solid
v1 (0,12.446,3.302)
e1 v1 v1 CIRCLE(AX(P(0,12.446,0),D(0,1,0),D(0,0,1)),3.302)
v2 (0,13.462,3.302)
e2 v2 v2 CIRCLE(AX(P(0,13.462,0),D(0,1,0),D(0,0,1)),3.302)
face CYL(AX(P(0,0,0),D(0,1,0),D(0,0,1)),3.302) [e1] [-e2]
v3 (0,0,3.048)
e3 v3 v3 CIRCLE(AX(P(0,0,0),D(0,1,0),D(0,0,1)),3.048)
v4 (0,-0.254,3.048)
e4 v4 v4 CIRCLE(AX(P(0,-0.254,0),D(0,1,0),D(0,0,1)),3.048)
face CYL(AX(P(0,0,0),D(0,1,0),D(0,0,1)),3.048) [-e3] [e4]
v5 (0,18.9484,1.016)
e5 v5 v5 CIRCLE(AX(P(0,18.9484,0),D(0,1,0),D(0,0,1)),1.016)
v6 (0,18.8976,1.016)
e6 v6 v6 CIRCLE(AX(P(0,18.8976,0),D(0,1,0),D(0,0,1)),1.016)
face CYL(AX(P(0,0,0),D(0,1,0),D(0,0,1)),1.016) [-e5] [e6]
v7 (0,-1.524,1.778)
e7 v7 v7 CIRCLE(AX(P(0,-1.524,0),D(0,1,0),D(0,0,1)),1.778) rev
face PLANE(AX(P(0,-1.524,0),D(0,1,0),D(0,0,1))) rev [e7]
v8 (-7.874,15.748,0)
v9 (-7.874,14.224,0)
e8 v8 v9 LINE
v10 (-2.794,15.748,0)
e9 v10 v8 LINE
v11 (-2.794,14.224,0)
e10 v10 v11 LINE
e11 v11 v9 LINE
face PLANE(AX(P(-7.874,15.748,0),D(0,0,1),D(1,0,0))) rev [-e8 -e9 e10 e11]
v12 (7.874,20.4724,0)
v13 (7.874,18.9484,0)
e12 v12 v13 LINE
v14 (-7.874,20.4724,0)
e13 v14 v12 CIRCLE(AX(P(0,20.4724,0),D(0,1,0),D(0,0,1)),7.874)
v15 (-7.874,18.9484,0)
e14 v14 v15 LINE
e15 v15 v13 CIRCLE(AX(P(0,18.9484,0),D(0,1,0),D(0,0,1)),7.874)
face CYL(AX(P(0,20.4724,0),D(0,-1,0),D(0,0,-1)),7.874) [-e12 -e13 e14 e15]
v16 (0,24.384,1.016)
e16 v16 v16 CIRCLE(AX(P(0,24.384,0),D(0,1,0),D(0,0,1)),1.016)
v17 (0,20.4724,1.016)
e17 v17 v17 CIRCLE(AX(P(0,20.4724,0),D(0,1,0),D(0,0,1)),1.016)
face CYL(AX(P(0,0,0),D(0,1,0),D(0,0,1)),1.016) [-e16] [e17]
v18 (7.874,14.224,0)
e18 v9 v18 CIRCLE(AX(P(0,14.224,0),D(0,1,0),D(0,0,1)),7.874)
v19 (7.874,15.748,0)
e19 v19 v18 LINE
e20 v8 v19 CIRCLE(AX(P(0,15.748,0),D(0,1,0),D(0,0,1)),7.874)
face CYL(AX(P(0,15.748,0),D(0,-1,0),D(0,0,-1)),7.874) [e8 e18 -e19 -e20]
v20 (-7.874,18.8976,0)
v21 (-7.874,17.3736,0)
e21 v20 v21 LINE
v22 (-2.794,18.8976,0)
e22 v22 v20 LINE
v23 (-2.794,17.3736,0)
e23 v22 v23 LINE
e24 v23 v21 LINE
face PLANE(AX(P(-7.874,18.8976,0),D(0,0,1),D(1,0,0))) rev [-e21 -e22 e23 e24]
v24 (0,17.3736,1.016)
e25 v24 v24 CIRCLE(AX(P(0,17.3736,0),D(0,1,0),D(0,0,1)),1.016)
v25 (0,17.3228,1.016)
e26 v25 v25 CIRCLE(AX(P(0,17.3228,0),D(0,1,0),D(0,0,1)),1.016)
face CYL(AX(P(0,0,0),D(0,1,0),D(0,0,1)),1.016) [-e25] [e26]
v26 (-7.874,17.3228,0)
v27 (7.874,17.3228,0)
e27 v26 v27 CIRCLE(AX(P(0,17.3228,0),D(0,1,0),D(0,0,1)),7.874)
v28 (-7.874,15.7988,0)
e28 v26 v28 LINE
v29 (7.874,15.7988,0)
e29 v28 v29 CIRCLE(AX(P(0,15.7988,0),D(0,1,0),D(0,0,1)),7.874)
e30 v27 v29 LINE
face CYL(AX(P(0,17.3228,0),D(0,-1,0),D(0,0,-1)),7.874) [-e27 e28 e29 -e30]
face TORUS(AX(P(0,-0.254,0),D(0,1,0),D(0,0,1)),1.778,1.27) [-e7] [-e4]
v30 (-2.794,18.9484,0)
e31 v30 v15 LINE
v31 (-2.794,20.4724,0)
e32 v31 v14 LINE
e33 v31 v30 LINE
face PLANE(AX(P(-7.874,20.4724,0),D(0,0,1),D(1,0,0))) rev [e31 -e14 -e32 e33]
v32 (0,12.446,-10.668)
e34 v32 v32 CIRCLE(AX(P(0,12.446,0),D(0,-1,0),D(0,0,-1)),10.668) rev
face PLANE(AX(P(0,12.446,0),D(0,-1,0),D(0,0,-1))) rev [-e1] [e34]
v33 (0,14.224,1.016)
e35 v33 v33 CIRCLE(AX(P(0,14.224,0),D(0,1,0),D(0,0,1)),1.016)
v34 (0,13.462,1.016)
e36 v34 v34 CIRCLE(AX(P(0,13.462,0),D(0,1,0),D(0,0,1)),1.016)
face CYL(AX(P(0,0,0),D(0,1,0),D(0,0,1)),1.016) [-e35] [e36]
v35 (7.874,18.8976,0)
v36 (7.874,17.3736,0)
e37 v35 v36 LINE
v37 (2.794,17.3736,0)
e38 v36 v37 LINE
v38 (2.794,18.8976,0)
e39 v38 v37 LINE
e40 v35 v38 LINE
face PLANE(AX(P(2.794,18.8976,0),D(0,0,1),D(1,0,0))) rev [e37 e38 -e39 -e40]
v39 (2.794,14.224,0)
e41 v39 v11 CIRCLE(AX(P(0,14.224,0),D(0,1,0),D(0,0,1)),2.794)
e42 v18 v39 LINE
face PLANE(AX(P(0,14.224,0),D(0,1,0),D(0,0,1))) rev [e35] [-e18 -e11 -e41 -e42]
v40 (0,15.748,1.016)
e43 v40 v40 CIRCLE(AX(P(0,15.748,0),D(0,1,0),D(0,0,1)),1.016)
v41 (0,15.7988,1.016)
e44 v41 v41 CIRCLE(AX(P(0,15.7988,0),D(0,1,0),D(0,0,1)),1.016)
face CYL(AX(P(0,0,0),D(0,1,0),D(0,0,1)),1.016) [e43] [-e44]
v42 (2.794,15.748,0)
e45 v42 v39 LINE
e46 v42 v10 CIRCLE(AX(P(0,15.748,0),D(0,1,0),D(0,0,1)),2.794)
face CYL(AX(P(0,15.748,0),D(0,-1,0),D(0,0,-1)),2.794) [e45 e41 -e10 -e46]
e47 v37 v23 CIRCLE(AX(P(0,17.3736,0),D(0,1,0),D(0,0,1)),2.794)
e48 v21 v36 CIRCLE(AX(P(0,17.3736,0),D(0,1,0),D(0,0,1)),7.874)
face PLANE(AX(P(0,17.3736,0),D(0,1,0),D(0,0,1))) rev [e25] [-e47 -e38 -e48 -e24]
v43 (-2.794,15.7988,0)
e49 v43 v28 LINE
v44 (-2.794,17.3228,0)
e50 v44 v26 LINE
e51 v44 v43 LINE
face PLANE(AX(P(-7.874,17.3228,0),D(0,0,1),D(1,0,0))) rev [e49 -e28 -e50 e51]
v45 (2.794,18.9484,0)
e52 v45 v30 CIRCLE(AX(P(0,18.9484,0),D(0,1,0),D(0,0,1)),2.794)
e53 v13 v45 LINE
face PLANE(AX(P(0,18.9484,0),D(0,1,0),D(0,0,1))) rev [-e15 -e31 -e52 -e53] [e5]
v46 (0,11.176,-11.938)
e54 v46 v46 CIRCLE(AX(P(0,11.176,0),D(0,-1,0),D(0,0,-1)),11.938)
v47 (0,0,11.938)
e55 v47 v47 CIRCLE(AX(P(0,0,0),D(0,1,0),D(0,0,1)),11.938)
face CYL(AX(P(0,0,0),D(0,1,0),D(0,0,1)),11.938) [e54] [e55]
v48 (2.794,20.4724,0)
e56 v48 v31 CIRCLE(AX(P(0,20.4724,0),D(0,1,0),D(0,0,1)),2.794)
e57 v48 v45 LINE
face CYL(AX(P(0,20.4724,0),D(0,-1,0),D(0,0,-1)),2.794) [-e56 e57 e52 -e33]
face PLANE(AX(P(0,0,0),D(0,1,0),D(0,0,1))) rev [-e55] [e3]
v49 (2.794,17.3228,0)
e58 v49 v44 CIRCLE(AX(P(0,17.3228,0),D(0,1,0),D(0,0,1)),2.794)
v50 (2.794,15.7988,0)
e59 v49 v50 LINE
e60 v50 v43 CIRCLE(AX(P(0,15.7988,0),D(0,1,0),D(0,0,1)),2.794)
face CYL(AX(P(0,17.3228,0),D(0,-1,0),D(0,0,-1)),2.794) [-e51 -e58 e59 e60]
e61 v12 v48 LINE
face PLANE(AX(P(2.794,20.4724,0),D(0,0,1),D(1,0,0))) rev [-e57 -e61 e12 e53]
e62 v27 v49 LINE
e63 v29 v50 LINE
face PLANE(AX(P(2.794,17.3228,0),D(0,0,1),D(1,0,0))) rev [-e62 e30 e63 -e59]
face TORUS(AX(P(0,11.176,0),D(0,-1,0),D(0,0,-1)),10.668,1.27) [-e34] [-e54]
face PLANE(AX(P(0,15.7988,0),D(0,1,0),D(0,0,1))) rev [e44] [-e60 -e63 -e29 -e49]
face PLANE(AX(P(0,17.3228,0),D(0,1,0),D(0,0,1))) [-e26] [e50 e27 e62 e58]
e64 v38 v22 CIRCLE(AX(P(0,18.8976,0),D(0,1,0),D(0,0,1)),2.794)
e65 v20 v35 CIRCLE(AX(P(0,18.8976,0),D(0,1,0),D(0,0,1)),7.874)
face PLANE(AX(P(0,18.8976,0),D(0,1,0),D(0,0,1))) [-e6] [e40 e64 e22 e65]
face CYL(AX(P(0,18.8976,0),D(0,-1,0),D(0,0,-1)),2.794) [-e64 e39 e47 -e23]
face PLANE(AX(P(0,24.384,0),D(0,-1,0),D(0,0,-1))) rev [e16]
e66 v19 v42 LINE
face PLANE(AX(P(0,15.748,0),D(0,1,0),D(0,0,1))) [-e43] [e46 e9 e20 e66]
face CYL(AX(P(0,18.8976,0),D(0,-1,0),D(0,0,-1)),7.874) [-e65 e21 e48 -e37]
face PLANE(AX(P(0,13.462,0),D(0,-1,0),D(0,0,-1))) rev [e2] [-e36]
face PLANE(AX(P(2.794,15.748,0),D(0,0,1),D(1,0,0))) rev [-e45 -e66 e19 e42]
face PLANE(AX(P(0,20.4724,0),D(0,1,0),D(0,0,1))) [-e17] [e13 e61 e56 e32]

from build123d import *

# Parameters (mm, degrees)
SKETCH1_W           = 1.016
SKETCH1_H           = 10.922
SKETCH1_W_2         = 3.048
SKETCH1_H_2         = 1.524
FILLET1_R           = 1.27
BOSS_EXTRUDE1_DEPTH = 0.762
LPATTERN1_COUNT     = 4
LPATTERN1_PITCH     = 1.5748


with BuildPart() as part:
    # Sketch1 → Revolve1 (revolve)
    with BuildSketch(Plane.XY, mode=Mode.PRIVATE) as revolve1_sk:
        Polygon((-3.302, 13.462), (0, 13.462), (0, 0), (-11.938, 0), (-11.938, 12.446), (-3.302, 12.446), align=None)
        with Locations((-0.508, 18.923)):
            Rectangle(SKETCH1_W, SKETCH1_H)
        with Locations((-1.524, -0.762)):
            Rectangle(SKETCH1_W_2, SKETCH1_H_2)
    revolve(revolve1_sk.sketch.rotate(Axis((0, 0, 0), (0, -1, 0)), 270), axis=Axis((0, 0, 0), (0, -1, 0)))

    # Fillet1
    fillet1_edges = [part.edges().sort_by_distance(p)[0] for p in [
        (0, -1.524, -3.048),
        (0, 12.446, -11.938),
    ]]
    fillet(fillet1_edges, radius=FILLET1_R)

    # Sketch2 → Boss-Extrude1 (add, symmetric)
    with BuildSketch(Plane(origin=(0, 14.986, 0), x_dir=(1, 0, 0), z_dir=(0, 1, 0))):
        with BuildLine():
            Line((-7.874, 0), (-2.794, 0))
            ThreePointArc((-2.794, 0), (0, 2.794), (2.794, 0))
            Line((2.794, 0), (7.874, 0))
            ThreePointArc((7.874, 0), (0, -7.874), (-7.874, 0))
        make_face()
    boss_extrude1 = extrude(amount=BOSS_EXTRUDE1_DEPTH, both=True)

    # LPattern1: Boss-Extrude1 ×4
    with Locations(*[(0, i * LPATTERN1_PITCH, 0) for i in range(1, LPATTERN1_COUNT)]):
        add(boss_extrude1)


solid = part.part
